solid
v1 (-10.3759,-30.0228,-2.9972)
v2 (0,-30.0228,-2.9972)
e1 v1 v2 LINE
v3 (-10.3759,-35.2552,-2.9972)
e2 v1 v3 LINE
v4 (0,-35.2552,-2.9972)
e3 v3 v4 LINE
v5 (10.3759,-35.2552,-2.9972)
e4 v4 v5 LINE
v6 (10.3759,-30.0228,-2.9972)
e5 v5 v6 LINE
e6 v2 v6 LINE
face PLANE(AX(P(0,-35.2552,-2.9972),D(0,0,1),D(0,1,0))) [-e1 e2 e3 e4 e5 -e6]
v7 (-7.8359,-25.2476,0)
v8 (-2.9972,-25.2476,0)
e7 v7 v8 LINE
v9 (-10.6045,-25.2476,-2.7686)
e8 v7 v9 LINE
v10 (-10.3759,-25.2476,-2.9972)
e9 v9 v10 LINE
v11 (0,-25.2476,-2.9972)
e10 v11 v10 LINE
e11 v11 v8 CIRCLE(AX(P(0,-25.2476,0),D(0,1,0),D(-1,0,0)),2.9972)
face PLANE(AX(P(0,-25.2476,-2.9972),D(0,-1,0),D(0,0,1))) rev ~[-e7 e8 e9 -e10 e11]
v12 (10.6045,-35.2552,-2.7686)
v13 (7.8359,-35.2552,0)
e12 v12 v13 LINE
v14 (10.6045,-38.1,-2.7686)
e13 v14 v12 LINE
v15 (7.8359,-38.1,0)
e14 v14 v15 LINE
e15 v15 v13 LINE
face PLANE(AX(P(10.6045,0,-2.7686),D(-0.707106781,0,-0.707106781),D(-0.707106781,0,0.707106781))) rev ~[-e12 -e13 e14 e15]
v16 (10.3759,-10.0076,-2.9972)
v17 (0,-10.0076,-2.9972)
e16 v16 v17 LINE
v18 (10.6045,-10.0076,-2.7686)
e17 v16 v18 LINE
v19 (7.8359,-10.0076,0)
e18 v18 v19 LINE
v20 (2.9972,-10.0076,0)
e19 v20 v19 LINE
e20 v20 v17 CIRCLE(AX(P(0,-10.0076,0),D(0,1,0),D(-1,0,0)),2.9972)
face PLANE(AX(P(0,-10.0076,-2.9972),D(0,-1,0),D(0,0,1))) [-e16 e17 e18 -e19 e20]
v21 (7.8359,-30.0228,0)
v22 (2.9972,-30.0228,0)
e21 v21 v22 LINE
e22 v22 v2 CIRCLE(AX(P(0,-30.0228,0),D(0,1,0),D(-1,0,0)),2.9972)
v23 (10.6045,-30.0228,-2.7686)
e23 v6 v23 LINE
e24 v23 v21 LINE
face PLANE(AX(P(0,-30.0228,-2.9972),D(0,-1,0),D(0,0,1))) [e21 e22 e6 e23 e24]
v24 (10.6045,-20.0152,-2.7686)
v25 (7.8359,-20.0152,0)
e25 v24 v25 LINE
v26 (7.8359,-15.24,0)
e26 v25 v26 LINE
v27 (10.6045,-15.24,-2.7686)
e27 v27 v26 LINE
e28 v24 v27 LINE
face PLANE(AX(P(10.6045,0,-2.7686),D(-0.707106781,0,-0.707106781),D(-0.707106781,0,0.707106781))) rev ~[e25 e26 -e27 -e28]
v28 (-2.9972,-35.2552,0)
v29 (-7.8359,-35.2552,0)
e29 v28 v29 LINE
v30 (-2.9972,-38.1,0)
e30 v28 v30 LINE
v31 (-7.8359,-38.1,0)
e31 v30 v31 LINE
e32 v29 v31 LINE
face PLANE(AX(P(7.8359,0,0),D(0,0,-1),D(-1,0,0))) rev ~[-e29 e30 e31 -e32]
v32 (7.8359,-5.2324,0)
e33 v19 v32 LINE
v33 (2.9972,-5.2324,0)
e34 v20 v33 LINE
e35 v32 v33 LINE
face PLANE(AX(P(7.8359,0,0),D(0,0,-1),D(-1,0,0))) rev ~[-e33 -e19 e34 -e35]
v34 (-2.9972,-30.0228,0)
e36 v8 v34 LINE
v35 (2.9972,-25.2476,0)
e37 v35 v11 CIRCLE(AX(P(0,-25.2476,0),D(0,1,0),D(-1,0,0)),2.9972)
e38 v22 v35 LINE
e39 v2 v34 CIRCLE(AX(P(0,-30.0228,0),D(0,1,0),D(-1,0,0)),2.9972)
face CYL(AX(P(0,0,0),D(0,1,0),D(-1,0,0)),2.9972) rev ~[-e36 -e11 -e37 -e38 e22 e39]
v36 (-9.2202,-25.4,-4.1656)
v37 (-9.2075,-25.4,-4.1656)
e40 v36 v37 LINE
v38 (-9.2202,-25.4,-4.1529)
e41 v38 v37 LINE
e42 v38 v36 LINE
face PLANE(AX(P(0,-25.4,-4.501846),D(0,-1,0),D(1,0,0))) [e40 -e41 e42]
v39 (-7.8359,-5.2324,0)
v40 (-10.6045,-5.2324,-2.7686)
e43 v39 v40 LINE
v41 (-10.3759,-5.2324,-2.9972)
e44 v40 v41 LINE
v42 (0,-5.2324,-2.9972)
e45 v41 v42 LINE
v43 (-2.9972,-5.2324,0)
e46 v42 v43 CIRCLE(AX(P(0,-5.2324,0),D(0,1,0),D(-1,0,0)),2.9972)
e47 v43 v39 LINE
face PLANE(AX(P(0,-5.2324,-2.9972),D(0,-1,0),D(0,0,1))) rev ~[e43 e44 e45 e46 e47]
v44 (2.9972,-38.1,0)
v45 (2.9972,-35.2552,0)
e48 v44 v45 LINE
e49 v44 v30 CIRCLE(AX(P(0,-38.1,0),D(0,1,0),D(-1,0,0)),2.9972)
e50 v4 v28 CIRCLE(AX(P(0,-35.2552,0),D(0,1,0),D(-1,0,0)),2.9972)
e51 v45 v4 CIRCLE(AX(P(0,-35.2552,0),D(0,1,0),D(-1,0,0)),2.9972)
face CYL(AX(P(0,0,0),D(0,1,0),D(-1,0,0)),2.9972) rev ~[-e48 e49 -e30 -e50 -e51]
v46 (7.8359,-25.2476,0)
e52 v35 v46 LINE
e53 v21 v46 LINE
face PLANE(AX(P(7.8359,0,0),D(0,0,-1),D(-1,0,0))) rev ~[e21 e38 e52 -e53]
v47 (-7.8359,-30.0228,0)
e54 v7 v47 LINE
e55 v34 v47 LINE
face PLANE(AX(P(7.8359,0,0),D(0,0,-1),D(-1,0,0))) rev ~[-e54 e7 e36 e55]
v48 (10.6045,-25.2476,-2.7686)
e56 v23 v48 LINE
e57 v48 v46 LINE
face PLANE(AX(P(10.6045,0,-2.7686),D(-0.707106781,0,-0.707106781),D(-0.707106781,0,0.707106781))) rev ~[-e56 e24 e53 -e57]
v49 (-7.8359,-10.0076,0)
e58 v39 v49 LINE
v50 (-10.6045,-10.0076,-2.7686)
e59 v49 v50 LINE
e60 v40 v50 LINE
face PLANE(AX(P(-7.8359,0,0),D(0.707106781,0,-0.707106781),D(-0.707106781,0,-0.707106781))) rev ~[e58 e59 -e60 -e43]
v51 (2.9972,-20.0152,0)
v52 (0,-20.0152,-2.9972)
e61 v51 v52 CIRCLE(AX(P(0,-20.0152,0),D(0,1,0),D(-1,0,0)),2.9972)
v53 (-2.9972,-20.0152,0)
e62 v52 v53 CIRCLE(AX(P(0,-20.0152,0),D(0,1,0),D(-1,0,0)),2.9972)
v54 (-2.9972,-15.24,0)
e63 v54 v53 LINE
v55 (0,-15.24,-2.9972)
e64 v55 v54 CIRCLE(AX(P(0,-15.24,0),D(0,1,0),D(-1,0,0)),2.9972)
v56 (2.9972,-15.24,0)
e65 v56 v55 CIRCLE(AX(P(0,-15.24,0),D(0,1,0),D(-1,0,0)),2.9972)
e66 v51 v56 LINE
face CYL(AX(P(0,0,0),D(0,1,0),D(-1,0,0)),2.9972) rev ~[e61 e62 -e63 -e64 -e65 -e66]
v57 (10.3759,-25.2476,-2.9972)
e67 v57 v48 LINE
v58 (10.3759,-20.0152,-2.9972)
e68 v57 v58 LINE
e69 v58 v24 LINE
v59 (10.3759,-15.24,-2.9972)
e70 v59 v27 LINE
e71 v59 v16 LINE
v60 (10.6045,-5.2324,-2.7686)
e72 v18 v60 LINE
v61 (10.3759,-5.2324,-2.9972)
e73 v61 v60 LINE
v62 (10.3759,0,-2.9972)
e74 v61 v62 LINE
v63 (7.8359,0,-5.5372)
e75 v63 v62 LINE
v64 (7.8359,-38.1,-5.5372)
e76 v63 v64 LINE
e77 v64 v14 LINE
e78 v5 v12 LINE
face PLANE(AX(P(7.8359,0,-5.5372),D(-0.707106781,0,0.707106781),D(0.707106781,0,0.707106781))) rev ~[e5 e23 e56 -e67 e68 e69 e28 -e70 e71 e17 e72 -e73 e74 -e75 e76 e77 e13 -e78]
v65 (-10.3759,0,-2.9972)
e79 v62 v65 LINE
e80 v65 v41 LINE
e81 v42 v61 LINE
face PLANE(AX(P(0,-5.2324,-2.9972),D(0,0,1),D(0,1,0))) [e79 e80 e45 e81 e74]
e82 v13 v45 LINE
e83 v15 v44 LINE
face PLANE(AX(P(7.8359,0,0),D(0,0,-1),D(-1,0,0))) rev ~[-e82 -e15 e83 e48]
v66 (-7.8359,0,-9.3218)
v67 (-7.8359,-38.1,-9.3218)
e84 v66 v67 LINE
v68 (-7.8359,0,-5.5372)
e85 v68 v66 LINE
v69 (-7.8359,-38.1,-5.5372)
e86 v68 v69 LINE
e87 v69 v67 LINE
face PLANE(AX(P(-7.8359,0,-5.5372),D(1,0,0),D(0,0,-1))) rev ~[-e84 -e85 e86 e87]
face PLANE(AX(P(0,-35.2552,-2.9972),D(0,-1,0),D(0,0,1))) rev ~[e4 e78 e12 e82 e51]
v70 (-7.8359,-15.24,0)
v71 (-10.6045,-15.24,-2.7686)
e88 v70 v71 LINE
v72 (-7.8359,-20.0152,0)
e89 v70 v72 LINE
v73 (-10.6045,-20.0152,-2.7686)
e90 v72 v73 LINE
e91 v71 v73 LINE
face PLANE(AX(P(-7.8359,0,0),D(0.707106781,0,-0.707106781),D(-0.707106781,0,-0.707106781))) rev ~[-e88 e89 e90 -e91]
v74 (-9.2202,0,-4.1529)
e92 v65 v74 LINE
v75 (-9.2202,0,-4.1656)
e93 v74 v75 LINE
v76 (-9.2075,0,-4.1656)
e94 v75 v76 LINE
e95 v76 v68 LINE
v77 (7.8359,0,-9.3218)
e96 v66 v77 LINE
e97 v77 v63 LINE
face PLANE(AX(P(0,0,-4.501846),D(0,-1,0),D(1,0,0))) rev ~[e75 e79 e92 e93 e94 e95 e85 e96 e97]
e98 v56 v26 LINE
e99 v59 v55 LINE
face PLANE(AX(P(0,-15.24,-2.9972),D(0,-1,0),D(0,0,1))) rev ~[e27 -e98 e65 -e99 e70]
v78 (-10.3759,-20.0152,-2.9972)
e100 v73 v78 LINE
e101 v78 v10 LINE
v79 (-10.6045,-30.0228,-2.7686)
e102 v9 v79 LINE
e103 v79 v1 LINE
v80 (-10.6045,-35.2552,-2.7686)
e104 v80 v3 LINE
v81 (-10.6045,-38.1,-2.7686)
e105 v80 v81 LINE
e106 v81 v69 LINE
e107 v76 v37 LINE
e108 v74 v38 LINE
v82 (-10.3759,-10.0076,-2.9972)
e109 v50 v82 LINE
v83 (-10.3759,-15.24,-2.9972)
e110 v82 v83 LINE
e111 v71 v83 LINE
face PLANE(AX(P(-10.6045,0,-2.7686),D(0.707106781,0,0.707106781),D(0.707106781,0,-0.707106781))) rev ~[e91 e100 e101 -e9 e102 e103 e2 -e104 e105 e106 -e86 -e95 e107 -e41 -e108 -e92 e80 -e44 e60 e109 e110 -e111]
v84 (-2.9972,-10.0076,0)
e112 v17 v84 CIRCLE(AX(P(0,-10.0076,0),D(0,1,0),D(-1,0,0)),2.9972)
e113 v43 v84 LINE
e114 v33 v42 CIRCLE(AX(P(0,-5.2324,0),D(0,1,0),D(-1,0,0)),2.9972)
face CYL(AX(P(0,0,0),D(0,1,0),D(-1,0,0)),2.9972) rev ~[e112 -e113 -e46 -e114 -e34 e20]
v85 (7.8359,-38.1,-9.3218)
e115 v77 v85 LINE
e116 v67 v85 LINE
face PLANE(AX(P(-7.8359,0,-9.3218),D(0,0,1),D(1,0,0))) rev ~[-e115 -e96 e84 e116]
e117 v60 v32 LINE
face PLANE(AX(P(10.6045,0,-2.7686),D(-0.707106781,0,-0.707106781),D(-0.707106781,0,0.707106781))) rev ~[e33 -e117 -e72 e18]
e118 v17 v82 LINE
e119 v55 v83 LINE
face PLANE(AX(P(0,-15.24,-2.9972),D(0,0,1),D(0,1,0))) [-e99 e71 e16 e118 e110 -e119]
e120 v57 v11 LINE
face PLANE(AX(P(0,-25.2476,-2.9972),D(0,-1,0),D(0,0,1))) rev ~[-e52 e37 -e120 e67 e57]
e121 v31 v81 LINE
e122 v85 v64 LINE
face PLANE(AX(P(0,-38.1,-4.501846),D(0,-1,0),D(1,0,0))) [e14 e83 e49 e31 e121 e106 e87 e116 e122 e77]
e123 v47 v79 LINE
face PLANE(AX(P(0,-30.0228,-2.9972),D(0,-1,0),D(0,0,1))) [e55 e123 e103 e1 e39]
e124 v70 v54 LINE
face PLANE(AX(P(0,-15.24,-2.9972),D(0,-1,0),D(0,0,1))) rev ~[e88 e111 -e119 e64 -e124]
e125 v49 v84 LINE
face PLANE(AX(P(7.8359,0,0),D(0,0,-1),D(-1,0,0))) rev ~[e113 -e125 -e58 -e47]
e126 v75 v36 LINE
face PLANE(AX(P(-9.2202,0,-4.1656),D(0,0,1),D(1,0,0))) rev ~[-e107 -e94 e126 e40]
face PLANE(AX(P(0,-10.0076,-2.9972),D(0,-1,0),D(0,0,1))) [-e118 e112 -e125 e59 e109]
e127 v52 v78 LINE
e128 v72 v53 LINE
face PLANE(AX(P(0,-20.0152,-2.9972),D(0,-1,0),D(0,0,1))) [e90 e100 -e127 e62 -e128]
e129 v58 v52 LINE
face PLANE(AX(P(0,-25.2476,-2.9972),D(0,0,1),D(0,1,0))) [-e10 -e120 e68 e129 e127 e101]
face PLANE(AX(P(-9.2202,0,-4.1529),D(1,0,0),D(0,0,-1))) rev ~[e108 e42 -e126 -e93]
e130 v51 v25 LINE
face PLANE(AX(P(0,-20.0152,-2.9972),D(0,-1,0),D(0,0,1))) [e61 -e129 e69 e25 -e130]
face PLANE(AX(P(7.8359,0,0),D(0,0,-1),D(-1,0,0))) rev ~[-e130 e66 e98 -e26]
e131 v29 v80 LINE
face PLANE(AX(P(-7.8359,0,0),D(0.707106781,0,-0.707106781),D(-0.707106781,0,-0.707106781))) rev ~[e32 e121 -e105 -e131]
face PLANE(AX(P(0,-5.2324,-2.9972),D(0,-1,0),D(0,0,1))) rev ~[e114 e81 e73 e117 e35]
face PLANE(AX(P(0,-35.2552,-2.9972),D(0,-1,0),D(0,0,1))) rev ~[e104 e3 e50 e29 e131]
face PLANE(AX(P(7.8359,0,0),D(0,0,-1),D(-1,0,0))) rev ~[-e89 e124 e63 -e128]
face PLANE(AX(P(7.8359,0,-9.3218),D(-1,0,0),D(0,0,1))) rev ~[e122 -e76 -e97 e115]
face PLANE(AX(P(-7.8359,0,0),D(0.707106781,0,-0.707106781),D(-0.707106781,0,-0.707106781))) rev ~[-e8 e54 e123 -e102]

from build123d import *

# Parameters (mm, degrees)
F1_DEPTH = 38.1
F2_DEPTH = 25.4
F3_W     = 5.2324
F3_H     = 2.9972
F3_W_2   = 2.6162
F4_DEPTH = 12.7
F5_R     = 2.9972
F6_DEPTH = 38.1


with BuildPart() as f1:
    # F0 (on Front) → F1 (new body)
    with BuildSketch(Plane.XZ):
        Polygon((7.8359, 0), (-7.8359, 0), (-10.6045, -2.7686), (-9.2202, -4.1529), (-9.2075, -4.1656), (-7.8359, -5.5372), (-7.8359, -9.3218), (7.8359, -9.3218), (7.8359, -5.5372), (10.6045, -2.7686), align=None)
    extrude(amount=F1_DEPTH)

    # F0 (on Front) → F2 (join)
    with BuildSketch(Plane.XZ):
        Polygon((7.8359, 0), (-7.8359, 0), (-10.6045, -2.7686), (-9.2202, -4.1529), (-9.2075, -4.1656), (-7.8359, -5.5372), (-7.8359, -9.3218), (7.8359, -9.3218), (7.8359, -5.5372), (10.6045, -2.7686), align=None)
        Polygon((-9.2075, -4.1656), (-9.2202, -4.1529), (-9.2202, -4.1656), align=None)
    extrude(amount=F2_DEPTH)

    # F3 (on Right) → F4 (cut, symmetric)
    with BuildSketch(Plane.YZ):
        with Locations((-2.6162, -1.4986)):
            Rectangle(F3_W, F3_H)
        with Locations((-11.3157, -1.4986)):
            Rectangle(F3_W_2, F3_H)
        with Locations((-13.9319, -1.4986)):
            Rectangle(F3_W_2, F3_H)
        with Locations((-21.3233, -1.4986)):
            Rectangle(F3_W_2, F3_H)
        with Locations((-23.9395, -1.4986)):
            Rectangle(F3_W_2, F3_H)
        with Locations((-32.639, -1.4986)):
            Rectangle(F3_W, F3_H)
        with Locations((-42.6466, -1.4986)):
            Rectangle(F3_W, F3_H)
    extrude(amount=F4_DEPTH, both=True, mode=Mode.SUBTRACT)

    # F5 (on face) → F6 (cut)
    with BuildSketch(Plane(origin=(0, 0, 0), x_dir=(-1, 0, 0), z_dir=(0, 1, 0))):
        Circle(F5_R)
    extrude(amount=-F6_DEPTH, mode=Mode.SUBTRACT)


solid = f1.part
